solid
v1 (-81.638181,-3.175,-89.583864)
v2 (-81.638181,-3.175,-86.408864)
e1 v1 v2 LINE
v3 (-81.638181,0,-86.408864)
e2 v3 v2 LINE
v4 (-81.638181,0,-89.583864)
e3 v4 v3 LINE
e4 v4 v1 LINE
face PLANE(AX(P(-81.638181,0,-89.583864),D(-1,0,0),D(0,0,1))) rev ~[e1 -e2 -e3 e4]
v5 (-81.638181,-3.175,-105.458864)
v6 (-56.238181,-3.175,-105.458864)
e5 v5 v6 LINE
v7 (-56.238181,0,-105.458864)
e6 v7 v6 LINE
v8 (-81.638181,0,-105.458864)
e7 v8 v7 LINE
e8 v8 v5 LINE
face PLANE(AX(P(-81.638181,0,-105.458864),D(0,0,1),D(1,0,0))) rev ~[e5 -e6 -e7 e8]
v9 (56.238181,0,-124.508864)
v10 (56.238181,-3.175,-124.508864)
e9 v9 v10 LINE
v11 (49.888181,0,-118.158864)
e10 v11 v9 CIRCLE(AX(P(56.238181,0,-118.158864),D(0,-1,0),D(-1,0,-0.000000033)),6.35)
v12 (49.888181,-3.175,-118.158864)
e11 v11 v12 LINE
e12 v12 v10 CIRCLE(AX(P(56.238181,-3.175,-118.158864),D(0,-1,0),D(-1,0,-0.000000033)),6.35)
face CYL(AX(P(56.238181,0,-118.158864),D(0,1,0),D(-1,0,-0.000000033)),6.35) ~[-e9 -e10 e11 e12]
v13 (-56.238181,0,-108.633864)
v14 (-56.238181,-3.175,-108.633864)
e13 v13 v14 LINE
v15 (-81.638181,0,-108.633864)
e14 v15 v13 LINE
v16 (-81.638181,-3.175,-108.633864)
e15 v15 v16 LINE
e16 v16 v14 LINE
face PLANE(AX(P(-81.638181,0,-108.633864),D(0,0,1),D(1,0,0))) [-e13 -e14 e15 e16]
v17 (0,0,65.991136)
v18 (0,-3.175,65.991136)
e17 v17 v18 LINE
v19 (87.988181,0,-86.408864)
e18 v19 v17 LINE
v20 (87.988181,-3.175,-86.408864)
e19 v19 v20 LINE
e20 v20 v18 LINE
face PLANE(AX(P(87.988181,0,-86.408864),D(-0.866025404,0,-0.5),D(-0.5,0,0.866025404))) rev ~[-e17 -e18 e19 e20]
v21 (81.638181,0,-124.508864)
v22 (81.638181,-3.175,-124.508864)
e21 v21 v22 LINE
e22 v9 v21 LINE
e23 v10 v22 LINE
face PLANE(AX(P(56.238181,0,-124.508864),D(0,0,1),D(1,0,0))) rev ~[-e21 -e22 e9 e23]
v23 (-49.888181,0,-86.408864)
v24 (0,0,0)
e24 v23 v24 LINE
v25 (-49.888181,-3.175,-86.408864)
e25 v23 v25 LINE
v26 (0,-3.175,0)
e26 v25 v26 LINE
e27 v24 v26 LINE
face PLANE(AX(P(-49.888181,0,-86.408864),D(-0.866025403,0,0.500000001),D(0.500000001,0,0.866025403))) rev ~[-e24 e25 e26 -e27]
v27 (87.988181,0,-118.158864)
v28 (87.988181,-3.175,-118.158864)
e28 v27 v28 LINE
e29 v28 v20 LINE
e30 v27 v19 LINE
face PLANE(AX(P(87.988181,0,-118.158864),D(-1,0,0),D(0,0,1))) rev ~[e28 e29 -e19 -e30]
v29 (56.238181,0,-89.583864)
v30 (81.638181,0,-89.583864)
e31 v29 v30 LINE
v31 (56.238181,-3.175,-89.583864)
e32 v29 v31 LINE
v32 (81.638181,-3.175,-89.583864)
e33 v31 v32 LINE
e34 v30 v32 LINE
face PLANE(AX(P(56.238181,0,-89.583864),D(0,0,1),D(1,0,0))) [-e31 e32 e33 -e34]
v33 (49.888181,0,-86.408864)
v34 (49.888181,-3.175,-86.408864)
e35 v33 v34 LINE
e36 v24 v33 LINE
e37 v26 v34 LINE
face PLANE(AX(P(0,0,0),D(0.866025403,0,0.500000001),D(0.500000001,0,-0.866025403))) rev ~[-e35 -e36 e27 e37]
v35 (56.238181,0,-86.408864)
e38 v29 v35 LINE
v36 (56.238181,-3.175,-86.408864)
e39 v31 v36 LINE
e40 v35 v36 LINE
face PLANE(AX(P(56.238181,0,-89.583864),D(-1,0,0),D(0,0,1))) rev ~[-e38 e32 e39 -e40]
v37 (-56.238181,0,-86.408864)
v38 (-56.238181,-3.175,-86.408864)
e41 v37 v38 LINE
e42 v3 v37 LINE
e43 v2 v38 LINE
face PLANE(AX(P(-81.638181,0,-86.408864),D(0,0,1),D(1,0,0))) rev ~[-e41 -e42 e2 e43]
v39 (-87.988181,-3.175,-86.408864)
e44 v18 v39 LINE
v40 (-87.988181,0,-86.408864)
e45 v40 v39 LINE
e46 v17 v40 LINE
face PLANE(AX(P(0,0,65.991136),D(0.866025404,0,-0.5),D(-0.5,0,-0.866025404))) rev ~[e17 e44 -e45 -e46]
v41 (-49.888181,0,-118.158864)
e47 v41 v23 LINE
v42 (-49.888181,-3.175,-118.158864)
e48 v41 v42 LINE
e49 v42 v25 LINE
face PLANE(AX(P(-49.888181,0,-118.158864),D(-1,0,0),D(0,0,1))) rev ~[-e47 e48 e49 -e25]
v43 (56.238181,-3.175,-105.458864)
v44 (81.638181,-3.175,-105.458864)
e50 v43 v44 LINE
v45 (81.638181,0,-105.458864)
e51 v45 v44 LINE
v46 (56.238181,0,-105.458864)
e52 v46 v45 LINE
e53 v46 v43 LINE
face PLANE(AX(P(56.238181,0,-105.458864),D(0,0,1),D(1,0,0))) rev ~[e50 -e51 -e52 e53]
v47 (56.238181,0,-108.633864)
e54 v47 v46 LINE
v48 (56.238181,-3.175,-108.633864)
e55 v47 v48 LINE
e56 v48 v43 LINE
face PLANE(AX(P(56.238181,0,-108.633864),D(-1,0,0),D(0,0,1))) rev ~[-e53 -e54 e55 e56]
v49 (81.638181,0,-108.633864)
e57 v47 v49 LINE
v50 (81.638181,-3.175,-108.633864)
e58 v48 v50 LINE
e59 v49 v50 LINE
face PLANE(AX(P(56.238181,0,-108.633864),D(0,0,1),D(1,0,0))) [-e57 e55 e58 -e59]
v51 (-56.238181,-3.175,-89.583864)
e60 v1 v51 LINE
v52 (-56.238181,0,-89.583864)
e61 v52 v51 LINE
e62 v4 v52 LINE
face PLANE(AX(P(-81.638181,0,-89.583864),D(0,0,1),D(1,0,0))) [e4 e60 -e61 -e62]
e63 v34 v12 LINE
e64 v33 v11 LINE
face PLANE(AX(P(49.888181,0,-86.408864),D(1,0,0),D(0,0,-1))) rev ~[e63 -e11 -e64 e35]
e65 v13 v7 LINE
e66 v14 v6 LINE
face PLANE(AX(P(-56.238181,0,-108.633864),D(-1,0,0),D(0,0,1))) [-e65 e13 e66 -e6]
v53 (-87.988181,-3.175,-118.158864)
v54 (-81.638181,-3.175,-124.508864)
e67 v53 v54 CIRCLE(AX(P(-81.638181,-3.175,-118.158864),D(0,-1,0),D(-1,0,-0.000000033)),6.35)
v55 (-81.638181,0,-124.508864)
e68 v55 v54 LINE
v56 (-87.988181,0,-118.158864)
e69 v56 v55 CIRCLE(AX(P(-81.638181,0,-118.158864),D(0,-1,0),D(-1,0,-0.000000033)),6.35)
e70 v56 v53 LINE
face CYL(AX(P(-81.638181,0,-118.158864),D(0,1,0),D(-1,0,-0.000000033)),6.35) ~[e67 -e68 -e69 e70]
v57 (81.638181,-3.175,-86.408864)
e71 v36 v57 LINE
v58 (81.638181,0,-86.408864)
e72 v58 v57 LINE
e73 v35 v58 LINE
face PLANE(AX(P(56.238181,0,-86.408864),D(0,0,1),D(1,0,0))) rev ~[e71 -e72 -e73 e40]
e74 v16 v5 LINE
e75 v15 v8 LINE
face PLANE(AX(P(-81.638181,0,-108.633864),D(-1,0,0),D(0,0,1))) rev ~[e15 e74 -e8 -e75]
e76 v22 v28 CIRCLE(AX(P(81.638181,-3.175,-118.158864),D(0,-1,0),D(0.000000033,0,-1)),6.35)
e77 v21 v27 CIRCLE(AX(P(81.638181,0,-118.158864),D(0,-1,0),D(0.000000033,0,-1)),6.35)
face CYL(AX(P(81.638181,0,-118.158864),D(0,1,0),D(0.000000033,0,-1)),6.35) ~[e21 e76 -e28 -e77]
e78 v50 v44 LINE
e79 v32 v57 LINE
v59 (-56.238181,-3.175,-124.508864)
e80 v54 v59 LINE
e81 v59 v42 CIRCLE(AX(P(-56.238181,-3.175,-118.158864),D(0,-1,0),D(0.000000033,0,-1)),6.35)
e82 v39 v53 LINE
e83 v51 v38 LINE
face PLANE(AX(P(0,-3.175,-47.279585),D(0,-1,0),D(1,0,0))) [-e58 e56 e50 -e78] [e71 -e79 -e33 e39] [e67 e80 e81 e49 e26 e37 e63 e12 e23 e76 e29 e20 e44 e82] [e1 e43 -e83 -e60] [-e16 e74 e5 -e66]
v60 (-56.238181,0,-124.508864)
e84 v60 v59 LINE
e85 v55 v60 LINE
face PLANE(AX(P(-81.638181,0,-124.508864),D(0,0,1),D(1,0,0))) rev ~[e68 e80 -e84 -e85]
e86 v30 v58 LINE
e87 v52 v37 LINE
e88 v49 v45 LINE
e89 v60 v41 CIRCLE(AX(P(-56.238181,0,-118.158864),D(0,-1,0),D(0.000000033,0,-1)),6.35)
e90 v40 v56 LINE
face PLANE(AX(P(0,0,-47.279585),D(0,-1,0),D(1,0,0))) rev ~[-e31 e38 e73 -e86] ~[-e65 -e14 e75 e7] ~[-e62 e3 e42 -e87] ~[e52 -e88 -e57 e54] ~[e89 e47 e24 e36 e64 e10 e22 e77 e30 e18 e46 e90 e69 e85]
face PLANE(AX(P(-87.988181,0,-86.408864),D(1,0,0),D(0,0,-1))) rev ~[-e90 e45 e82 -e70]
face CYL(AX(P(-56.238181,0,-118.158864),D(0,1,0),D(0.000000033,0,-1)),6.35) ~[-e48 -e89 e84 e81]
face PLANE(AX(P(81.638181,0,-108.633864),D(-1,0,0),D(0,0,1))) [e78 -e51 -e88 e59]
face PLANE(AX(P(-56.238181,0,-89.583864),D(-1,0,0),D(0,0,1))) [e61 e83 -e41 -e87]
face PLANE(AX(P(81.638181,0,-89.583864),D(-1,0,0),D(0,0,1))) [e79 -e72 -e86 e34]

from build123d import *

# Parameters (mm, degrees)
F0_W     = 25.4
F0_H     = 3.175
F1_DEPTH = 3.175


with BuildPart() as f1:
    # F0 (on Front) → F1 (new body)
    with BuildSketch(Plane.XZ):
        with BuildLine():
            Line((-49.888181, -86.408864), (0, 0))
            Line((0, 0), (49.888181, -86.408864))
            Line((49.888181, -86.408864), (49.888181, -105.458864))
            Line((49.888181, -105.458864), (49.888181, -118.158864))
            ThreePointArc((49.888181, -118.158864), (51.748053, -122.648992), (56.238181, -124.508864))
            Line((56.238181, -124.508864), (81.638181, -124.508864))
            ThreePointArc((81.638181, -124.508864), (86.128309, -122.648992), (87.988181, -118.158864))
            Line((87.988181, -118.158864), (87.988181, -105.458864))
            Line((87.988181, -105.458864), (87.988181, -86.408864))
            Line((87.988181, -86.408864), (0, 65.991136))
            Line((0, 65.991136), (-87.988181, -86.408864))
            Line((-87.988181, -86.408864), (-87.988181, -105.458864))
            Line((-87.988181, -105.458864), (-87.988181, -118.158864))
            ThreePointArc((-87.988181, -118.158864), (-86.128309, -122.648992), (-81.638181, -124.508864))
            Line((-81.638181, -124.508864), (-56.238181, -124.508864))
            ThreePointArc((-56.238181, -124.508864), (-51.748053, -122.648992), (-49.888181, -118.158864))
            Line((-49.888181, -118.158864), (-49.888181, -105.458864))
            Line((-49.888181, -105.458864), (-49.888181, -86.408864))
        make_face()
        with Locations((-68.938181, -107.046364)):
            Rectangle(F0_W, F0_H, mode=Mode.SUBTRACT)
        with Locations((-68.938181, -87.996364)):
            Rectangle(F0_W, F0_H, mode=Mode.SUBTRACT)
        with Locations((68.938181, -107.046364)):
            Rectangle(F0_W, F0_H, mode=Mode.SUBTRACT)
        with Locations((68.938181, -87.996364)):
            Rectangle(F0_W, F0_H, mode=Mode.SUBTRACT)
    extrude(amount=F1_DEPTH)


solid = f1.part
